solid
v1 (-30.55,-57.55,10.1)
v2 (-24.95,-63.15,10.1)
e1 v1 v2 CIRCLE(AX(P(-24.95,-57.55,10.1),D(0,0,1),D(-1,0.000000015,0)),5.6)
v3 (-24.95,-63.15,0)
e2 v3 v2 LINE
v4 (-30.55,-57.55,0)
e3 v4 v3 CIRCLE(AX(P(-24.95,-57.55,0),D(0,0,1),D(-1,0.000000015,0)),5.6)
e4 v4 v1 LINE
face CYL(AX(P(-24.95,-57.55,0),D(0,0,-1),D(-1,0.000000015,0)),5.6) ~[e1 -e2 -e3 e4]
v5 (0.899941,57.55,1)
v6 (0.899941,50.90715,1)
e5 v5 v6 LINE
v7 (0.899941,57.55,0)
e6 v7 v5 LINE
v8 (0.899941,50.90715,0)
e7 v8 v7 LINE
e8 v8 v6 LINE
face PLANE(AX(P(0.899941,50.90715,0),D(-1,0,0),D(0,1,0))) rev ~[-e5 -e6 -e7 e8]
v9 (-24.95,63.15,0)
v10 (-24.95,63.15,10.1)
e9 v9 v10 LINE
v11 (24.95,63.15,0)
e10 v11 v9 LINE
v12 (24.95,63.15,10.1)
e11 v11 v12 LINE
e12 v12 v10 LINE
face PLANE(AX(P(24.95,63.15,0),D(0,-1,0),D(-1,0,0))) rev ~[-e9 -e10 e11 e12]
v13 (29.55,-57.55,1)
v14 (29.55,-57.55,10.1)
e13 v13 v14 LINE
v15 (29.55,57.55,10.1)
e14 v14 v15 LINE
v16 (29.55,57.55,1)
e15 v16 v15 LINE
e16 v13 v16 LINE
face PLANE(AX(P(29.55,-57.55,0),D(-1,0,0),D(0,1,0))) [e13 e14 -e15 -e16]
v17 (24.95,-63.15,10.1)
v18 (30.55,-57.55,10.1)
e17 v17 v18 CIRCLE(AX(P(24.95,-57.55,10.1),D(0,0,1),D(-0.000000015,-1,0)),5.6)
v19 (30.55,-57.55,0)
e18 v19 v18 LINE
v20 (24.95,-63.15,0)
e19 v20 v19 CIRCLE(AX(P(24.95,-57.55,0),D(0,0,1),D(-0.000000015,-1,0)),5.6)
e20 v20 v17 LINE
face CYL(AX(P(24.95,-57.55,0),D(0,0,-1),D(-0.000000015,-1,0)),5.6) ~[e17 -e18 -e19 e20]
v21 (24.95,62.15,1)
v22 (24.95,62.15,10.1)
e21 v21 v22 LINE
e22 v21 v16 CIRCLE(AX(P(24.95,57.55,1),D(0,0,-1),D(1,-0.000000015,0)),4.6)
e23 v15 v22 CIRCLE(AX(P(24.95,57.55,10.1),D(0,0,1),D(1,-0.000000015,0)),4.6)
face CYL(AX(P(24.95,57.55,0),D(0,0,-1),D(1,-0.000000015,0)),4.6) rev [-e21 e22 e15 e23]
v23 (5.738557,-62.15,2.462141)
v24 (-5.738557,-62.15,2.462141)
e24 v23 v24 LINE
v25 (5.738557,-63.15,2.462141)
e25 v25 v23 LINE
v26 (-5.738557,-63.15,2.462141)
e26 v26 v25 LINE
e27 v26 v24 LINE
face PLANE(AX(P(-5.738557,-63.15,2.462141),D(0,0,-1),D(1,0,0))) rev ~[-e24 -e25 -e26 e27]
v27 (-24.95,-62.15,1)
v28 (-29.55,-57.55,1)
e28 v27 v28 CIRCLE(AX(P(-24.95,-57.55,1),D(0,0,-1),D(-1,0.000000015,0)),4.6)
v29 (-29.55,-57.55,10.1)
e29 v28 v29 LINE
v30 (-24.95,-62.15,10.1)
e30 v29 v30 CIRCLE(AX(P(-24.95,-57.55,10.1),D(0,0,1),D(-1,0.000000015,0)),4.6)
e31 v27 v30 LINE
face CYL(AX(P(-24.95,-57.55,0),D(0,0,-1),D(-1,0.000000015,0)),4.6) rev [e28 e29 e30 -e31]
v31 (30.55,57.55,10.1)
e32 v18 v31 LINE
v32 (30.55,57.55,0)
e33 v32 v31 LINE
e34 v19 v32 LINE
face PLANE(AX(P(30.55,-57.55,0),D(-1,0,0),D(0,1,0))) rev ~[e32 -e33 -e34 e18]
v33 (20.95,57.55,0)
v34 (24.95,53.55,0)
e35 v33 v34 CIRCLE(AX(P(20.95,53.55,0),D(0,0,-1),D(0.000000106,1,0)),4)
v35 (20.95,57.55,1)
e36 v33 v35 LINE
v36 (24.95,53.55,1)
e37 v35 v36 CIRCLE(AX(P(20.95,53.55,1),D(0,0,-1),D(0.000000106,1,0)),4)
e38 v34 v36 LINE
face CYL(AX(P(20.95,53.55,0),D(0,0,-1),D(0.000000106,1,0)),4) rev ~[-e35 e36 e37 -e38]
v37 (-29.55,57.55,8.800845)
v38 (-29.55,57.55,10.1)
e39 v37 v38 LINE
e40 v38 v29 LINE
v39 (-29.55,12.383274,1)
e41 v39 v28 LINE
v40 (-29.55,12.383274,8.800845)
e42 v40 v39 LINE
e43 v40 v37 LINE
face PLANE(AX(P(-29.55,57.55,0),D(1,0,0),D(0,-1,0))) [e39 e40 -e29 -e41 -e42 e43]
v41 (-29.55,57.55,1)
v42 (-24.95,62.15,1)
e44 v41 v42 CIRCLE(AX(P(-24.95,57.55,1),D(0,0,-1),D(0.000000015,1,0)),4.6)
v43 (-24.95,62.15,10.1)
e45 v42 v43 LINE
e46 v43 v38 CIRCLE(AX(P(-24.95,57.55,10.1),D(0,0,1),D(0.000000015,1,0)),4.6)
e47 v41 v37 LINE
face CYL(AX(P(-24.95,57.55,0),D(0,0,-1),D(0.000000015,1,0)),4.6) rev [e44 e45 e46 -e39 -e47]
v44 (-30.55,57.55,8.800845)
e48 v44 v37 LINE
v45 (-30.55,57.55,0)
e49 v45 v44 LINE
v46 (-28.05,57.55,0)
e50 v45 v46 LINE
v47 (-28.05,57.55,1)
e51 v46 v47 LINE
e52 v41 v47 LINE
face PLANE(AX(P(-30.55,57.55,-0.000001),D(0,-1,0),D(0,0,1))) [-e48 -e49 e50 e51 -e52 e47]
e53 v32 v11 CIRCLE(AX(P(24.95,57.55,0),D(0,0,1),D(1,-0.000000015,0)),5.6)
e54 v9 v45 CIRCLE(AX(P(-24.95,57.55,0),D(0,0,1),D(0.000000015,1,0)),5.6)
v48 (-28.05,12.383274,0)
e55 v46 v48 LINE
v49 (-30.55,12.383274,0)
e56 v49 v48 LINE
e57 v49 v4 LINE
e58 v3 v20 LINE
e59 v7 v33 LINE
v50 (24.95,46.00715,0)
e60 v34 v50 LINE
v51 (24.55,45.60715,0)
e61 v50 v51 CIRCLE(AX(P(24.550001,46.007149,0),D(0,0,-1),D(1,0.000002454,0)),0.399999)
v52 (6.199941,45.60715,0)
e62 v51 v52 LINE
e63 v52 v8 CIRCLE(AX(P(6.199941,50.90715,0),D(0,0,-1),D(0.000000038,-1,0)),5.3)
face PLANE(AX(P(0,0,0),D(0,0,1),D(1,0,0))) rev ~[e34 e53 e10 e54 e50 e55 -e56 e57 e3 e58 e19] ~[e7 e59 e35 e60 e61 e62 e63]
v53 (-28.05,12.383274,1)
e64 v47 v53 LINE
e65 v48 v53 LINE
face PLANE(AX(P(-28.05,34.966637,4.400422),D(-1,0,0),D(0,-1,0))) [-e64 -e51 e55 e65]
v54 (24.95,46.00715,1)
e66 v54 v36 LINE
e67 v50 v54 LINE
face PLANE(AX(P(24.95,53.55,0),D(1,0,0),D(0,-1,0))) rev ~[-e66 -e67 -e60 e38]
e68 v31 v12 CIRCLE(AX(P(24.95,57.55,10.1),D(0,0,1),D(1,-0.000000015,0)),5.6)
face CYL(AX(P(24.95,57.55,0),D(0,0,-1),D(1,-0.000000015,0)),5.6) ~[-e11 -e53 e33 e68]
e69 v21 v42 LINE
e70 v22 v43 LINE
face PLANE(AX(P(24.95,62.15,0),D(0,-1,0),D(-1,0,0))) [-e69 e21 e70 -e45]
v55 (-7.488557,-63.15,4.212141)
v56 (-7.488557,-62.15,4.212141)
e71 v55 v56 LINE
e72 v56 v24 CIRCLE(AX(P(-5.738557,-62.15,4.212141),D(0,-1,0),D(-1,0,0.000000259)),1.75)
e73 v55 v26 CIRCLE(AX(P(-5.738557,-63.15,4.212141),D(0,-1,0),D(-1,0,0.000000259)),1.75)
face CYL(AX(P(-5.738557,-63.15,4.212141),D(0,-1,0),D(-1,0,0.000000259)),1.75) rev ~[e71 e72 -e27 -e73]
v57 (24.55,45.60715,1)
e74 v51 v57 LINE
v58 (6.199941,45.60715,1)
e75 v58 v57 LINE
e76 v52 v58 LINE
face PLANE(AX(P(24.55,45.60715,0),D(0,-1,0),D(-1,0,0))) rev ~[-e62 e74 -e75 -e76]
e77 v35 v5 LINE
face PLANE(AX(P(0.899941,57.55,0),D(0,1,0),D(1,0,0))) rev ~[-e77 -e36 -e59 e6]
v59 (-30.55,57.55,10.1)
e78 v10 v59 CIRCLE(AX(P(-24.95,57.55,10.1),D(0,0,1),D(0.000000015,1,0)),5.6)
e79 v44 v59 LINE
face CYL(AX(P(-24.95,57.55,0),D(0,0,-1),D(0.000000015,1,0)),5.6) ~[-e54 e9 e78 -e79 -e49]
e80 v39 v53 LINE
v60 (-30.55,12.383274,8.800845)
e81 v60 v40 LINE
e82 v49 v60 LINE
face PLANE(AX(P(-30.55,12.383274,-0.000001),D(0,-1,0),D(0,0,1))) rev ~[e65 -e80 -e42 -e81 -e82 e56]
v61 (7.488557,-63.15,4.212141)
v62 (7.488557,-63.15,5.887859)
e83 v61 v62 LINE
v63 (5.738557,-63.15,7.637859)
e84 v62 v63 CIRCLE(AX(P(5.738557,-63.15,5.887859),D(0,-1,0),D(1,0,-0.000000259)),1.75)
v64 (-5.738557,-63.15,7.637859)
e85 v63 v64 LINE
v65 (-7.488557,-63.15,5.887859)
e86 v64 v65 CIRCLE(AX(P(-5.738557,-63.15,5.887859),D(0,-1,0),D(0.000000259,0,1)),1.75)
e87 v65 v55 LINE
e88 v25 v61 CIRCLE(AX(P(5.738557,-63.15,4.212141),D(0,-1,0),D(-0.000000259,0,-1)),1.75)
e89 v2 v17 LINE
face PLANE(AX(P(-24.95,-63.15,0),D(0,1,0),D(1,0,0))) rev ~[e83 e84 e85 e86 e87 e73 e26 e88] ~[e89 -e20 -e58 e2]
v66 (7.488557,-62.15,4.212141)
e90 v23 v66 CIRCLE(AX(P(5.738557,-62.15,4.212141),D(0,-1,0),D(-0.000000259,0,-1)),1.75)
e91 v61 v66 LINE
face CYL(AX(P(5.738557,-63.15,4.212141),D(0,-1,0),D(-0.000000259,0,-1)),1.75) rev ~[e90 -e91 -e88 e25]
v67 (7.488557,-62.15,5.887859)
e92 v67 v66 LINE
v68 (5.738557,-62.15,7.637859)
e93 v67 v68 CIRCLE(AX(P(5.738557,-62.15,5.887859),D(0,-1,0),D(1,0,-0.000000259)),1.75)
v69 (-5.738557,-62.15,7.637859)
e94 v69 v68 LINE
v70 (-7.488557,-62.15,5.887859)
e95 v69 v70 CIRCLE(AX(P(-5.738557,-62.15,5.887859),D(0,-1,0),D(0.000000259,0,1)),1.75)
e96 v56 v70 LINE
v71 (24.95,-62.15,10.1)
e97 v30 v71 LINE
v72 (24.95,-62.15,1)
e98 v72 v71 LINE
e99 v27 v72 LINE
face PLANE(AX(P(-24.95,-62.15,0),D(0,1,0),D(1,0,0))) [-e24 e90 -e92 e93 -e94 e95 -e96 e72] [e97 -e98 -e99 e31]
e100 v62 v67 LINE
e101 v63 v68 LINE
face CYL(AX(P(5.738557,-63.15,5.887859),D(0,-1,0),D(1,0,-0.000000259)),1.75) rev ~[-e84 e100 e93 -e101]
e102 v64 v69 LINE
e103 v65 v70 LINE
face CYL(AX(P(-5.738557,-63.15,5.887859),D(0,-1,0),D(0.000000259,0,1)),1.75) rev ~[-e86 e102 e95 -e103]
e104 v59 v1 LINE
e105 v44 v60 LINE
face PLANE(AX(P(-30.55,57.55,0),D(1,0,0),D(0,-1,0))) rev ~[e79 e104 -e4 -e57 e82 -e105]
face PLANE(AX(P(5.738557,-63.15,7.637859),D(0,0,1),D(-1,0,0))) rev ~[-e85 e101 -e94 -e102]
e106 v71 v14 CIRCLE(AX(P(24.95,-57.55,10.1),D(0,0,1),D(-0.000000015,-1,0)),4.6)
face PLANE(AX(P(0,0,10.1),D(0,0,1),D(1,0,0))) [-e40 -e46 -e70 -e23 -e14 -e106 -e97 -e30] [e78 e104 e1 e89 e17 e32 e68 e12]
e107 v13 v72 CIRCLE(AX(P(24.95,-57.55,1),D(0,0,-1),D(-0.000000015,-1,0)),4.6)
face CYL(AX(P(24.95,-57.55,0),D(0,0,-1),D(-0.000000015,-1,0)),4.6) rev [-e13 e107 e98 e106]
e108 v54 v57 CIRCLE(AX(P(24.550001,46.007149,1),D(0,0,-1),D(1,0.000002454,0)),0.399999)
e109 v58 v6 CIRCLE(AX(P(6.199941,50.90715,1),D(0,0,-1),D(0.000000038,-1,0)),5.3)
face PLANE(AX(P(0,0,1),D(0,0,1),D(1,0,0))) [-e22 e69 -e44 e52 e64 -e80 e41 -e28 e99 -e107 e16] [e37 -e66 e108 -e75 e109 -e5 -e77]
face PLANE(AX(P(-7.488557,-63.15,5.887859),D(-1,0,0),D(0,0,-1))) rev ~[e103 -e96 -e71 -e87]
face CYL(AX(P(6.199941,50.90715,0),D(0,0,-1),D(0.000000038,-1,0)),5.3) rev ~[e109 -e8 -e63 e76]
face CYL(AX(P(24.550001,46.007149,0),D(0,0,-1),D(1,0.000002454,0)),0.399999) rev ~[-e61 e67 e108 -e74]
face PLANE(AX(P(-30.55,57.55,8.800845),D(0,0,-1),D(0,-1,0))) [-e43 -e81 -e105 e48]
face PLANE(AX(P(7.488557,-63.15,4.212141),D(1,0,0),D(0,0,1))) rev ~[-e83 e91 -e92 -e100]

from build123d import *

# Parameters (mm, degrees)
F1_DEPTH = 10.1
F2_T     = -1
F4_DEPTH = 25
F5_W     = 45.166726
F5_H     = 8.800845
F6_DEPTH = 2.5
F8_DEPTH = 2.5


with BuildPart() as f1:
    # F0 (on Top) → F1 (new body)
    with BuildSketch(Plane.XY):
        with BuildLine():
            Line((24.95, 63.15), (-24.95, 63.15))
            ThreePointArc((-24.95, 63.15), (-28.909798, 61.509798), (-30.55, 57.55))
            Line((-30.55, 57.55), (-30.55, -57.55))
            ThreePointArc((-30.55, -57.55), (-28.909798, -61.509798), (-24.95, -63.15))
            Line((-24.95, -63.15), (24.95, -63.15))
            ThreePointArc((24.95, -63.15), (28.909798, -61.509798), (30.55, -57.55))
            Line((30.55, -57.55), (30.55, 57.55))
            ThreePointArc((30.55, 57.55), (28.909798, 61.509798), (24.95, 63.15))
        make_face()
    extrude(amount=F1_DEPTH)

    # F2
    f2_openings = [f1.faces().sort_by_distance(p)[0] for p in [
        (0, 0, 10.1),
    ]]
    offset(amount=F2_T, openings=f2_openings)

    # F3 (on face) → F4 (cut)
    with BuildSketch(Plane(origin=(0, 0, 0), x_dir=(1, 0, 0), z_dir=(0, 0, -1))):
        with BuildLine():
            Line((0.899941, -57.55), (20.95, -57.55))
            ThreePointArc((20.95, -57.55), (23.778427, -56.378427), (24.95, -53.55))
            Line((24.95, -53.55), (24.95, -46.00715))
            ThreePointArc((24.95, -46.00715), (24.832843, -45.724307), (24.55, -45.60715))
            Line((24.55, -45.60715), (6.199941, -45.60715))
            ThreePointArc((6.199941, -45.60715), (2.452275, -47.159484), (0.899941, -50.90715))
            Line((0.899941, -50.90715), (0.899941, -57.55))
        make_face()
    extrude(amount=-F4_DEPTH, mode=Mode.SUBTRACT)

    # F5 (on face) → F6 (cut)
    with BuildSketch(Plane(origin=(-30.55, 0, 0), x_dir=(0, -1, 0), z_dir=(-1, 0, 0))):
        with Locations((-34.966637, 4.400422)):
            Rectangle(F5_W, F5_H)
    extrude(amount=-F6_DEPTH, mode=Mode.SUBTRACT)

    # F7 (on face) → F8 (cut)
    with BuildSketch(Plane.XZ.offset(63.15)):
        with BuildLine():
            Line((5.738557, 7.637859), (-5.738557, 7.637859))
            ThreePointArc((-5.738557, 7.637859), (-6.975994, 7.125296), (-7.488557, 5.887859))
            Line((-7.488557, 5.887859), (-7.488557, 4.212141))
            ThreePointArc((-7.488557, 4.212141), (-6.975994, 2.974704), (-5.738557, 2.462141))
            Line((-5.738557, 2.462141), (5.738557, 2.462141))
            ThreePointArc((5.738557, 2.462141), (6.975994, 2.974704), (7.488557, 4.212141))
            Line((7.488557, 4.212141), (7.488557, 5.887859))
            ThreePointArc((7.488557, 5.887859), (6.975994, 7.125296), (5.738557, 7.637859))
        make_face()
    extrude(amount=-F8_DEPTH, mode=Mode.SUBTRACT)


solid = f1.part
